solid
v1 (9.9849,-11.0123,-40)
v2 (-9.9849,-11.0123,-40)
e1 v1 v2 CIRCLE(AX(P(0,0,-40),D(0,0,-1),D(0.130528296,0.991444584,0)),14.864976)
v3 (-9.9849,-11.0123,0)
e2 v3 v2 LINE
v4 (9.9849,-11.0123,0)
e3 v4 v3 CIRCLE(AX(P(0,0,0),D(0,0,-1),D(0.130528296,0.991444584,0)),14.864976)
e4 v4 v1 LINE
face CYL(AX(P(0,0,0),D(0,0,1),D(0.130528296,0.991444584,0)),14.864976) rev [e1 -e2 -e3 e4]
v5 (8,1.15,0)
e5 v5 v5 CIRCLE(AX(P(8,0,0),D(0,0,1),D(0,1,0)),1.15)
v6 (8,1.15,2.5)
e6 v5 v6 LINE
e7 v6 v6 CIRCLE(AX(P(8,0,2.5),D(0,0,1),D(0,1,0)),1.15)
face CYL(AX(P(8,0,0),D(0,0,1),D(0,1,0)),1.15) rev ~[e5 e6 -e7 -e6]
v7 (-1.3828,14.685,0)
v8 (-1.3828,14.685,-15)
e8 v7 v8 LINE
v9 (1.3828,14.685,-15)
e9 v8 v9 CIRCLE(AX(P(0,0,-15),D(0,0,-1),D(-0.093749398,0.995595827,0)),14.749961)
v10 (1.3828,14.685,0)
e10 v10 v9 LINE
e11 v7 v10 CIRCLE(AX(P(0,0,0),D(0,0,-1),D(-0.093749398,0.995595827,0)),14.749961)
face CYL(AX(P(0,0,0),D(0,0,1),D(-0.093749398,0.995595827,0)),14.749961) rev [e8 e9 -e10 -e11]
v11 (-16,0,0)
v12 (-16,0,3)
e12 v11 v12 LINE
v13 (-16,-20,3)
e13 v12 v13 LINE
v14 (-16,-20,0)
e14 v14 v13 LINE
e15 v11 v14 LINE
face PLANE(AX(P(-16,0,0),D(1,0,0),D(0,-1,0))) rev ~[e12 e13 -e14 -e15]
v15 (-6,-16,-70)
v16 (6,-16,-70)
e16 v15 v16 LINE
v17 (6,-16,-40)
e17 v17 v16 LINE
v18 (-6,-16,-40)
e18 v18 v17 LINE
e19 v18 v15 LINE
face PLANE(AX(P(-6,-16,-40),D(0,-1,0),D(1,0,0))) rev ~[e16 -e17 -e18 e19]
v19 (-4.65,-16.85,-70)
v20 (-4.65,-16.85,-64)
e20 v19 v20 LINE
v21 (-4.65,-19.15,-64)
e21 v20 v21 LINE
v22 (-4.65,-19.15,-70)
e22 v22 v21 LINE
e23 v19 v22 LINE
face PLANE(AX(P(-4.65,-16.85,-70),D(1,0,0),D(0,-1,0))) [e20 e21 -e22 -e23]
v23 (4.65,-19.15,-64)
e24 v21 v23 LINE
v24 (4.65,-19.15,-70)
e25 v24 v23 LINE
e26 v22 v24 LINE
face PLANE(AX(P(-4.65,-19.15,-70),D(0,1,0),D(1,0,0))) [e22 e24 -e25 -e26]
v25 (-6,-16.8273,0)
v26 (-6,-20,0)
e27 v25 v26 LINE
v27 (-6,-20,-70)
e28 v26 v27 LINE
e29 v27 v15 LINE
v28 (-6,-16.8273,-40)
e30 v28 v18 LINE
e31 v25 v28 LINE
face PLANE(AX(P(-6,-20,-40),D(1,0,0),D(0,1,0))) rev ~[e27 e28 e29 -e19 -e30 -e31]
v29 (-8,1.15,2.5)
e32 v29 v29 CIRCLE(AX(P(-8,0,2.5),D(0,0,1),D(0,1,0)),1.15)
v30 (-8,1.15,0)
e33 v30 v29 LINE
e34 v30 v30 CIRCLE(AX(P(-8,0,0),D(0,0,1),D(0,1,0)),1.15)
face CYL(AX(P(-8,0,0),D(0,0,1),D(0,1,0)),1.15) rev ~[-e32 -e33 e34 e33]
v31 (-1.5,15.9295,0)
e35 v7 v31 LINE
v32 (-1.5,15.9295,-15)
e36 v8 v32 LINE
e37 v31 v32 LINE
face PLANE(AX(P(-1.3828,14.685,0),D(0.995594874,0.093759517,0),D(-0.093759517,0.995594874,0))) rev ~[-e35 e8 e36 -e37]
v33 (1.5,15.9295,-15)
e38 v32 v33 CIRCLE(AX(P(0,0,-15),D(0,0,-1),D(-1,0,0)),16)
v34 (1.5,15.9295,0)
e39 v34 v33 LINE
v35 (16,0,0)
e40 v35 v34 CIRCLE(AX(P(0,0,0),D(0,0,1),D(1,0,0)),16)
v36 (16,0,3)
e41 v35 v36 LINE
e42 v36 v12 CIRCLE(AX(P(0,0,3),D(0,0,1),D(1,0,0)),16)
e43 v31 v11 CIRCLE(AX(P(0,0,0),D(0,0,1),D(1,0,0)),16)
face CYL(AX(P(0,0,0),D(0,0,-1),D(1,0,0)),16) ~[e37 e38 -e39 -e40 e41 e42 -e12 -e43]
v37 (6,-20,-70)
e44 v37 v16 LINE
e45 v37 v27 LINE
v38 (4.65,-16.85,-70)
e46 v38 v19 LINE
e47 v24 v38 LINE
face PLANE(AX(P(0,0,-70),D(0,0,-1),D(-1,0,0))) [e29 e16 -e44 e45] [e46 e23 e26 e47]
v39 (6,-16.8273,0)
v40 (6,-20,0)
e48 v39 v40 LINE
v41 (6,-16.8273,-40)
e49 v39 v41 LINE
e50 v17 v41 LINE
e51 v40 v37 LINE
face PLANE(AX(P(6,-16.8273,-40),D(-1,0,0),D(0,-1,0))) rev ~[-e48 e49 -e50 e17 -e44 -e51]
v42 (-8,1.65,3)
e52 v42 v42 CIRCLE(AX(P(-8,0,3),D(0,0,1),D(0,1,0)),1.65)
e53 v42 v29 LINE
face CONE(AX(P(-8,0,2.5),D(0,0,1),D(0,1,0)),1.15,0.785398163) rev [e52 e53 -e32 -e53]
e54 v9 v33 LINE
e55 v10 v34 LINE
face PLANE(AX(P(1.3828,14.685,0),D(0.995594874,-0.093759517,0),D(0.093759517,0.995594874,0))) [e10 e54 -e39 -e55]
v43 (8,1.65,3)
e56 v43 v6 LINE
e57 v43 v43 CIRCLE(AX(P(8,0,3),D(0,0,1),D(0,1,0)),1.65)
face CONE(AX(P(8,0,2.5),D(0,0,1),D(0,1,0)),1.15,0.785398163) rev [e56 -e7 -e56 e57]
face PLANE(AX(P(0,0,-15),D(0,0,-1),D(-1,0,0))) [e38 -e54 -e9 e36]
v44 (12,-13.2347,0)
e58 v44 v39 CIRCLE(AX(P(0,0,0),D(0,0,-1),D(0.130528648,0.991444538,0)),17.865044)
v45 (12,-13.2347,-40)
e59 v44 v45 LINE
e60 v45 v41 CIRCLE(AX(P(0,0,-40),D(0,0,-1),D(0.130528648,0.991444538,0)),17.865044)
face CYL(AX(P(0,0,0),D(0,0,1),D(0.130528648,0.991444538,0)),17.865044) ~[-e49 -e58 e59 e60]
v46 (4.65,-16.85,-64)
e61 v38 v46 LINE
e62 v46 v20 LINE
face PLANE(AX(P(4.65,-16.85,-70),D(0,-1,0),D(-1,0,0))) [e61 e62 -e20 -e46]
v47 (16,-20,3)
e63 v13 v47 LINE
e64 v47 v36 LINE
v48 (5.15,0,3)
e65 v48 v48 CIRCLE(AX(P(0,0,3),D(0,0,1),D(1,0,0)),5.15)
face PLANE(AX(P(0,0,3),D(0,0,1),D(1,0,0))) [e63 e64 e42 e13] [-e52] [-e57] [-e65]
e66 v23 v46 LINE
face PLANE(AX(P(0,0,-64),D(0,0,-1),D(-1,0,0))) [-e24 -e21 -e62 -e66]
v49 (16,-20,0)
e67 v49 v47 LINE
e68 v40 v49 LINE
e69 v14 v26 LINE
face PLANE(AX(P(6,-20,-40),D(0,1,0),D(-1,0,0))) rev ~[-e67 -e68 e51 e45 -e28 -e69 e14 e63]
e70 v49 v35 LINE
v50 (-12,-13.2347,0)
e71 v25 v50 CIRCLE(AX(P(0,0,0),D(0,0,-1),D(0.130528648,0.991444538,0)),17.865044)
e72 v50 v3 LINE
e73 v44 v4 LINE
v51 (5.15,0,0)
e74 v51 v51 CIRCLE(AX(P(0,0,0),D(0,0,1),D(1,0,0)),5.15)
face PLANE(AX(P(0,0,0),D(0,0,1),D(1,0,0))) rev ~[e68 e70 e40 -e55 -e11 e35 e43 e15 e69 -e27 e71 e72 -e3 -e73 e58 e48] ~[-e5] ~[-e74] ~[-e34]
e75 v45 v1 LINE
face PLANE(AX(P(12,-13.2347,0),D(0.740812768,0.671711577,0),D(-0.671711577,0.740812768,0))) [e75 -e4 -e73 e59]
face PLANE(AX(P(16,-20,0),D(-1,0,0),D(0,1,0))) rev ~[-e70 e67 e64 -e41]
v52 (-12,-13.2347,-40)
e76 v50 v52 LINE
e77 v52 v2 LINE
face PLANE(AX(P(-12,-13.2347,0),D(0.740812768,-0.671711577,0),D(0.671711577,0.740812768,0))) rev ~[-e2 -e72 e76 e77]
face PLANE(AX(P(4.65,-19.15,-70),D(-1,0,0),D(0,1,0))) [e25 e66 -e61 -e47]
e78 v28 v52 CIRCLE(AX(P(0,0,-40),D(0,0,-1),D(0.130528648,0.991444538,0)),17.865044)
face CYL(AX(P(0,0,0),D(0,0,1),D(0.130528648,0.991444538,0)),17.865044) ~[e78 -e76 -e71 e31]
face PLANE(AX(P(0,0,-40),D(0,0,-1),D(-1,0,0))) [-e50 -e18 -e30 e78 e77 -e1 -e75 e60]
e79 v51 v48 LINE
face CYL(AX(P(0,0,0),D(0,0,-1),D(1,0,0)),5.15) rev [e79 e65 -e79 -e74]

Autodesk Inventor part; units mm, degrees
ref_plane "YZ Plane" through (0, 0, 0) normal (1, 0, 0) x (0, 1, 0)
ref_plane "XZ Plane" through (0, 0, 0) normal (0, 1, 0) x (-1, 0, 0)
ref_plane "XY Plane" through (0, 0, 0) normal (0, 0, 1) x (1, 0, 0)
sketch "Sketch1" plane through (0, 0, 0) normal (0, 0, 1) x (1, 0, 0)
  circle A0 centre (0, 0) radius 5.15
  circle A1 centre (0, 0) radius 16
  line L0 (-16, 0) -> (-16, -20)
  line L1 (-16, -20) -> (16, -20)
  line L2 (16, -20) -> (16, 0)
  circle A2 centre (0, 0) radius 14.5
  point P0 (-8, 0)
  point P1 (8, 0)
  dimension "d0" = 10.3
  dimension "d1" = 32
  dimension "d3" = 20
  dimension "d4" = 8
  dimension "d5" = 8
  dimension "d28" = 1.5
extrude "Extrusion1" add sketch "Sketch1" along normal blind 3 contours A1 | L2 L1 L0 A1 | A2
hole "Hole1" at (-8, 0, 0) at (8, 0, 0) direction (0, 0, 1) diameter 2.3 end through all
sketch "Sketch2" plane through (0, 0, 0) normal (0, 0, -1) x (-1, 0, 0)
  arc A0 (1.3828, 14.685) -> (-1.3828, 14.685) centre (0, 0) ccw
  line L0 (-1.3828, 14.685) -> (-1.5, 15.9295)
  arc A1 (16, 0) -> (-16, 0) centre (0, 0) ccw projected
  line L1 (1.3828, 14.685) -> (1.5, 15.9295)
  point P0 (0, 14.75)
  dimension "d15" = 3
  dimension "d16" = 1.25
extrude "Extrusion2" add sketch "Sketch2" along normal blind 15
sketch "Sketch3" plane through (0, 0, 0) normal (0, 0, -1) x (-1, 0, 0)
  arc A0 (-1.9403, 14.7378) -> (1.9403, 14.7378) centre (0, 0) ccw projected
  arc A1 (-2.3319, 17.7122) -> (2.3319, 17.7122) centre (0, 0) ccw
  line L0 (-6, -16.8273) -> (-6, -20)
  line L1 (-6, -20) -> (6, -20)
  line L2 (16, -20) -> (-16, -20) construction
  line L3 (6, -16.8273) -> (6, -20)
  line L4 (-12, -13.2347) -> (-9.9849, -11.0123)
  line L5 (12, -13.2347) -> (9.9849, -11.0123)
  point P0 (0, 0)
  dimension "d19" = 3
  dimension "d20" = 12
  dimension "d21" = 24
  dimension "d22" = 12
extrude "Extrusion3" add sketch "Sketch3" along normal blind 40
chamfer "Chamfer1" distance 0.5 angle 45 2 edges at (-8, -1.15, 3) (8, -1.15, 3)
sketch "Sketch4" plane through (0, 0, -40) normal (0, 0, -1) x (-1, 0, 0)
  line L0 (-6, -20) -> (6, -20) projected
  line L1 (6, -20) -> (6, -16.8273) projected
  line L2 (6, -20) -> (6, -16)
  line L3 (6, -16) -> (-6, -16)
  line L4 (-6, -16.8273) -> (-6, -20) projected
  line L5 (-6, -16) -> (-6, -20)
  point P0 (0, 0)
  dimension "d29" = 4
extrude "Extrusion4" add sketch "Sketch4" along normal blind 30
sketch "Sketch6" plane through (0, 0, -70) normal (0, 0, -1) x (-1, 0, 0)
  line L0 (-4.65, -16.85) -> (4.65, -16.85)
  line L1 (4.65, -16.85) -> (4.65, -19.15)
  line L2 (4.65, -19.15) -> (-4.65, -19.15)
  line L3 (-4.65, -19.15) -> (-4.65, -16.85)
  line L4 (-6, -20) -> (6, -20) projected
  line L5 (6, -20) -> (6, -16) projected
  point P0 (0, 0)
  point P1 (0, -16.85)
  point P2 (0, -20)
  point P3 (4.65, -18)
  point P4 (6, -18)
  dimension "d36" = 2.3
  dimension "d37" = 9.3
extrude "Extrusion5" cut sketch "Sketch6" against normal blind 6
properties part number "Motor Face Mount"
